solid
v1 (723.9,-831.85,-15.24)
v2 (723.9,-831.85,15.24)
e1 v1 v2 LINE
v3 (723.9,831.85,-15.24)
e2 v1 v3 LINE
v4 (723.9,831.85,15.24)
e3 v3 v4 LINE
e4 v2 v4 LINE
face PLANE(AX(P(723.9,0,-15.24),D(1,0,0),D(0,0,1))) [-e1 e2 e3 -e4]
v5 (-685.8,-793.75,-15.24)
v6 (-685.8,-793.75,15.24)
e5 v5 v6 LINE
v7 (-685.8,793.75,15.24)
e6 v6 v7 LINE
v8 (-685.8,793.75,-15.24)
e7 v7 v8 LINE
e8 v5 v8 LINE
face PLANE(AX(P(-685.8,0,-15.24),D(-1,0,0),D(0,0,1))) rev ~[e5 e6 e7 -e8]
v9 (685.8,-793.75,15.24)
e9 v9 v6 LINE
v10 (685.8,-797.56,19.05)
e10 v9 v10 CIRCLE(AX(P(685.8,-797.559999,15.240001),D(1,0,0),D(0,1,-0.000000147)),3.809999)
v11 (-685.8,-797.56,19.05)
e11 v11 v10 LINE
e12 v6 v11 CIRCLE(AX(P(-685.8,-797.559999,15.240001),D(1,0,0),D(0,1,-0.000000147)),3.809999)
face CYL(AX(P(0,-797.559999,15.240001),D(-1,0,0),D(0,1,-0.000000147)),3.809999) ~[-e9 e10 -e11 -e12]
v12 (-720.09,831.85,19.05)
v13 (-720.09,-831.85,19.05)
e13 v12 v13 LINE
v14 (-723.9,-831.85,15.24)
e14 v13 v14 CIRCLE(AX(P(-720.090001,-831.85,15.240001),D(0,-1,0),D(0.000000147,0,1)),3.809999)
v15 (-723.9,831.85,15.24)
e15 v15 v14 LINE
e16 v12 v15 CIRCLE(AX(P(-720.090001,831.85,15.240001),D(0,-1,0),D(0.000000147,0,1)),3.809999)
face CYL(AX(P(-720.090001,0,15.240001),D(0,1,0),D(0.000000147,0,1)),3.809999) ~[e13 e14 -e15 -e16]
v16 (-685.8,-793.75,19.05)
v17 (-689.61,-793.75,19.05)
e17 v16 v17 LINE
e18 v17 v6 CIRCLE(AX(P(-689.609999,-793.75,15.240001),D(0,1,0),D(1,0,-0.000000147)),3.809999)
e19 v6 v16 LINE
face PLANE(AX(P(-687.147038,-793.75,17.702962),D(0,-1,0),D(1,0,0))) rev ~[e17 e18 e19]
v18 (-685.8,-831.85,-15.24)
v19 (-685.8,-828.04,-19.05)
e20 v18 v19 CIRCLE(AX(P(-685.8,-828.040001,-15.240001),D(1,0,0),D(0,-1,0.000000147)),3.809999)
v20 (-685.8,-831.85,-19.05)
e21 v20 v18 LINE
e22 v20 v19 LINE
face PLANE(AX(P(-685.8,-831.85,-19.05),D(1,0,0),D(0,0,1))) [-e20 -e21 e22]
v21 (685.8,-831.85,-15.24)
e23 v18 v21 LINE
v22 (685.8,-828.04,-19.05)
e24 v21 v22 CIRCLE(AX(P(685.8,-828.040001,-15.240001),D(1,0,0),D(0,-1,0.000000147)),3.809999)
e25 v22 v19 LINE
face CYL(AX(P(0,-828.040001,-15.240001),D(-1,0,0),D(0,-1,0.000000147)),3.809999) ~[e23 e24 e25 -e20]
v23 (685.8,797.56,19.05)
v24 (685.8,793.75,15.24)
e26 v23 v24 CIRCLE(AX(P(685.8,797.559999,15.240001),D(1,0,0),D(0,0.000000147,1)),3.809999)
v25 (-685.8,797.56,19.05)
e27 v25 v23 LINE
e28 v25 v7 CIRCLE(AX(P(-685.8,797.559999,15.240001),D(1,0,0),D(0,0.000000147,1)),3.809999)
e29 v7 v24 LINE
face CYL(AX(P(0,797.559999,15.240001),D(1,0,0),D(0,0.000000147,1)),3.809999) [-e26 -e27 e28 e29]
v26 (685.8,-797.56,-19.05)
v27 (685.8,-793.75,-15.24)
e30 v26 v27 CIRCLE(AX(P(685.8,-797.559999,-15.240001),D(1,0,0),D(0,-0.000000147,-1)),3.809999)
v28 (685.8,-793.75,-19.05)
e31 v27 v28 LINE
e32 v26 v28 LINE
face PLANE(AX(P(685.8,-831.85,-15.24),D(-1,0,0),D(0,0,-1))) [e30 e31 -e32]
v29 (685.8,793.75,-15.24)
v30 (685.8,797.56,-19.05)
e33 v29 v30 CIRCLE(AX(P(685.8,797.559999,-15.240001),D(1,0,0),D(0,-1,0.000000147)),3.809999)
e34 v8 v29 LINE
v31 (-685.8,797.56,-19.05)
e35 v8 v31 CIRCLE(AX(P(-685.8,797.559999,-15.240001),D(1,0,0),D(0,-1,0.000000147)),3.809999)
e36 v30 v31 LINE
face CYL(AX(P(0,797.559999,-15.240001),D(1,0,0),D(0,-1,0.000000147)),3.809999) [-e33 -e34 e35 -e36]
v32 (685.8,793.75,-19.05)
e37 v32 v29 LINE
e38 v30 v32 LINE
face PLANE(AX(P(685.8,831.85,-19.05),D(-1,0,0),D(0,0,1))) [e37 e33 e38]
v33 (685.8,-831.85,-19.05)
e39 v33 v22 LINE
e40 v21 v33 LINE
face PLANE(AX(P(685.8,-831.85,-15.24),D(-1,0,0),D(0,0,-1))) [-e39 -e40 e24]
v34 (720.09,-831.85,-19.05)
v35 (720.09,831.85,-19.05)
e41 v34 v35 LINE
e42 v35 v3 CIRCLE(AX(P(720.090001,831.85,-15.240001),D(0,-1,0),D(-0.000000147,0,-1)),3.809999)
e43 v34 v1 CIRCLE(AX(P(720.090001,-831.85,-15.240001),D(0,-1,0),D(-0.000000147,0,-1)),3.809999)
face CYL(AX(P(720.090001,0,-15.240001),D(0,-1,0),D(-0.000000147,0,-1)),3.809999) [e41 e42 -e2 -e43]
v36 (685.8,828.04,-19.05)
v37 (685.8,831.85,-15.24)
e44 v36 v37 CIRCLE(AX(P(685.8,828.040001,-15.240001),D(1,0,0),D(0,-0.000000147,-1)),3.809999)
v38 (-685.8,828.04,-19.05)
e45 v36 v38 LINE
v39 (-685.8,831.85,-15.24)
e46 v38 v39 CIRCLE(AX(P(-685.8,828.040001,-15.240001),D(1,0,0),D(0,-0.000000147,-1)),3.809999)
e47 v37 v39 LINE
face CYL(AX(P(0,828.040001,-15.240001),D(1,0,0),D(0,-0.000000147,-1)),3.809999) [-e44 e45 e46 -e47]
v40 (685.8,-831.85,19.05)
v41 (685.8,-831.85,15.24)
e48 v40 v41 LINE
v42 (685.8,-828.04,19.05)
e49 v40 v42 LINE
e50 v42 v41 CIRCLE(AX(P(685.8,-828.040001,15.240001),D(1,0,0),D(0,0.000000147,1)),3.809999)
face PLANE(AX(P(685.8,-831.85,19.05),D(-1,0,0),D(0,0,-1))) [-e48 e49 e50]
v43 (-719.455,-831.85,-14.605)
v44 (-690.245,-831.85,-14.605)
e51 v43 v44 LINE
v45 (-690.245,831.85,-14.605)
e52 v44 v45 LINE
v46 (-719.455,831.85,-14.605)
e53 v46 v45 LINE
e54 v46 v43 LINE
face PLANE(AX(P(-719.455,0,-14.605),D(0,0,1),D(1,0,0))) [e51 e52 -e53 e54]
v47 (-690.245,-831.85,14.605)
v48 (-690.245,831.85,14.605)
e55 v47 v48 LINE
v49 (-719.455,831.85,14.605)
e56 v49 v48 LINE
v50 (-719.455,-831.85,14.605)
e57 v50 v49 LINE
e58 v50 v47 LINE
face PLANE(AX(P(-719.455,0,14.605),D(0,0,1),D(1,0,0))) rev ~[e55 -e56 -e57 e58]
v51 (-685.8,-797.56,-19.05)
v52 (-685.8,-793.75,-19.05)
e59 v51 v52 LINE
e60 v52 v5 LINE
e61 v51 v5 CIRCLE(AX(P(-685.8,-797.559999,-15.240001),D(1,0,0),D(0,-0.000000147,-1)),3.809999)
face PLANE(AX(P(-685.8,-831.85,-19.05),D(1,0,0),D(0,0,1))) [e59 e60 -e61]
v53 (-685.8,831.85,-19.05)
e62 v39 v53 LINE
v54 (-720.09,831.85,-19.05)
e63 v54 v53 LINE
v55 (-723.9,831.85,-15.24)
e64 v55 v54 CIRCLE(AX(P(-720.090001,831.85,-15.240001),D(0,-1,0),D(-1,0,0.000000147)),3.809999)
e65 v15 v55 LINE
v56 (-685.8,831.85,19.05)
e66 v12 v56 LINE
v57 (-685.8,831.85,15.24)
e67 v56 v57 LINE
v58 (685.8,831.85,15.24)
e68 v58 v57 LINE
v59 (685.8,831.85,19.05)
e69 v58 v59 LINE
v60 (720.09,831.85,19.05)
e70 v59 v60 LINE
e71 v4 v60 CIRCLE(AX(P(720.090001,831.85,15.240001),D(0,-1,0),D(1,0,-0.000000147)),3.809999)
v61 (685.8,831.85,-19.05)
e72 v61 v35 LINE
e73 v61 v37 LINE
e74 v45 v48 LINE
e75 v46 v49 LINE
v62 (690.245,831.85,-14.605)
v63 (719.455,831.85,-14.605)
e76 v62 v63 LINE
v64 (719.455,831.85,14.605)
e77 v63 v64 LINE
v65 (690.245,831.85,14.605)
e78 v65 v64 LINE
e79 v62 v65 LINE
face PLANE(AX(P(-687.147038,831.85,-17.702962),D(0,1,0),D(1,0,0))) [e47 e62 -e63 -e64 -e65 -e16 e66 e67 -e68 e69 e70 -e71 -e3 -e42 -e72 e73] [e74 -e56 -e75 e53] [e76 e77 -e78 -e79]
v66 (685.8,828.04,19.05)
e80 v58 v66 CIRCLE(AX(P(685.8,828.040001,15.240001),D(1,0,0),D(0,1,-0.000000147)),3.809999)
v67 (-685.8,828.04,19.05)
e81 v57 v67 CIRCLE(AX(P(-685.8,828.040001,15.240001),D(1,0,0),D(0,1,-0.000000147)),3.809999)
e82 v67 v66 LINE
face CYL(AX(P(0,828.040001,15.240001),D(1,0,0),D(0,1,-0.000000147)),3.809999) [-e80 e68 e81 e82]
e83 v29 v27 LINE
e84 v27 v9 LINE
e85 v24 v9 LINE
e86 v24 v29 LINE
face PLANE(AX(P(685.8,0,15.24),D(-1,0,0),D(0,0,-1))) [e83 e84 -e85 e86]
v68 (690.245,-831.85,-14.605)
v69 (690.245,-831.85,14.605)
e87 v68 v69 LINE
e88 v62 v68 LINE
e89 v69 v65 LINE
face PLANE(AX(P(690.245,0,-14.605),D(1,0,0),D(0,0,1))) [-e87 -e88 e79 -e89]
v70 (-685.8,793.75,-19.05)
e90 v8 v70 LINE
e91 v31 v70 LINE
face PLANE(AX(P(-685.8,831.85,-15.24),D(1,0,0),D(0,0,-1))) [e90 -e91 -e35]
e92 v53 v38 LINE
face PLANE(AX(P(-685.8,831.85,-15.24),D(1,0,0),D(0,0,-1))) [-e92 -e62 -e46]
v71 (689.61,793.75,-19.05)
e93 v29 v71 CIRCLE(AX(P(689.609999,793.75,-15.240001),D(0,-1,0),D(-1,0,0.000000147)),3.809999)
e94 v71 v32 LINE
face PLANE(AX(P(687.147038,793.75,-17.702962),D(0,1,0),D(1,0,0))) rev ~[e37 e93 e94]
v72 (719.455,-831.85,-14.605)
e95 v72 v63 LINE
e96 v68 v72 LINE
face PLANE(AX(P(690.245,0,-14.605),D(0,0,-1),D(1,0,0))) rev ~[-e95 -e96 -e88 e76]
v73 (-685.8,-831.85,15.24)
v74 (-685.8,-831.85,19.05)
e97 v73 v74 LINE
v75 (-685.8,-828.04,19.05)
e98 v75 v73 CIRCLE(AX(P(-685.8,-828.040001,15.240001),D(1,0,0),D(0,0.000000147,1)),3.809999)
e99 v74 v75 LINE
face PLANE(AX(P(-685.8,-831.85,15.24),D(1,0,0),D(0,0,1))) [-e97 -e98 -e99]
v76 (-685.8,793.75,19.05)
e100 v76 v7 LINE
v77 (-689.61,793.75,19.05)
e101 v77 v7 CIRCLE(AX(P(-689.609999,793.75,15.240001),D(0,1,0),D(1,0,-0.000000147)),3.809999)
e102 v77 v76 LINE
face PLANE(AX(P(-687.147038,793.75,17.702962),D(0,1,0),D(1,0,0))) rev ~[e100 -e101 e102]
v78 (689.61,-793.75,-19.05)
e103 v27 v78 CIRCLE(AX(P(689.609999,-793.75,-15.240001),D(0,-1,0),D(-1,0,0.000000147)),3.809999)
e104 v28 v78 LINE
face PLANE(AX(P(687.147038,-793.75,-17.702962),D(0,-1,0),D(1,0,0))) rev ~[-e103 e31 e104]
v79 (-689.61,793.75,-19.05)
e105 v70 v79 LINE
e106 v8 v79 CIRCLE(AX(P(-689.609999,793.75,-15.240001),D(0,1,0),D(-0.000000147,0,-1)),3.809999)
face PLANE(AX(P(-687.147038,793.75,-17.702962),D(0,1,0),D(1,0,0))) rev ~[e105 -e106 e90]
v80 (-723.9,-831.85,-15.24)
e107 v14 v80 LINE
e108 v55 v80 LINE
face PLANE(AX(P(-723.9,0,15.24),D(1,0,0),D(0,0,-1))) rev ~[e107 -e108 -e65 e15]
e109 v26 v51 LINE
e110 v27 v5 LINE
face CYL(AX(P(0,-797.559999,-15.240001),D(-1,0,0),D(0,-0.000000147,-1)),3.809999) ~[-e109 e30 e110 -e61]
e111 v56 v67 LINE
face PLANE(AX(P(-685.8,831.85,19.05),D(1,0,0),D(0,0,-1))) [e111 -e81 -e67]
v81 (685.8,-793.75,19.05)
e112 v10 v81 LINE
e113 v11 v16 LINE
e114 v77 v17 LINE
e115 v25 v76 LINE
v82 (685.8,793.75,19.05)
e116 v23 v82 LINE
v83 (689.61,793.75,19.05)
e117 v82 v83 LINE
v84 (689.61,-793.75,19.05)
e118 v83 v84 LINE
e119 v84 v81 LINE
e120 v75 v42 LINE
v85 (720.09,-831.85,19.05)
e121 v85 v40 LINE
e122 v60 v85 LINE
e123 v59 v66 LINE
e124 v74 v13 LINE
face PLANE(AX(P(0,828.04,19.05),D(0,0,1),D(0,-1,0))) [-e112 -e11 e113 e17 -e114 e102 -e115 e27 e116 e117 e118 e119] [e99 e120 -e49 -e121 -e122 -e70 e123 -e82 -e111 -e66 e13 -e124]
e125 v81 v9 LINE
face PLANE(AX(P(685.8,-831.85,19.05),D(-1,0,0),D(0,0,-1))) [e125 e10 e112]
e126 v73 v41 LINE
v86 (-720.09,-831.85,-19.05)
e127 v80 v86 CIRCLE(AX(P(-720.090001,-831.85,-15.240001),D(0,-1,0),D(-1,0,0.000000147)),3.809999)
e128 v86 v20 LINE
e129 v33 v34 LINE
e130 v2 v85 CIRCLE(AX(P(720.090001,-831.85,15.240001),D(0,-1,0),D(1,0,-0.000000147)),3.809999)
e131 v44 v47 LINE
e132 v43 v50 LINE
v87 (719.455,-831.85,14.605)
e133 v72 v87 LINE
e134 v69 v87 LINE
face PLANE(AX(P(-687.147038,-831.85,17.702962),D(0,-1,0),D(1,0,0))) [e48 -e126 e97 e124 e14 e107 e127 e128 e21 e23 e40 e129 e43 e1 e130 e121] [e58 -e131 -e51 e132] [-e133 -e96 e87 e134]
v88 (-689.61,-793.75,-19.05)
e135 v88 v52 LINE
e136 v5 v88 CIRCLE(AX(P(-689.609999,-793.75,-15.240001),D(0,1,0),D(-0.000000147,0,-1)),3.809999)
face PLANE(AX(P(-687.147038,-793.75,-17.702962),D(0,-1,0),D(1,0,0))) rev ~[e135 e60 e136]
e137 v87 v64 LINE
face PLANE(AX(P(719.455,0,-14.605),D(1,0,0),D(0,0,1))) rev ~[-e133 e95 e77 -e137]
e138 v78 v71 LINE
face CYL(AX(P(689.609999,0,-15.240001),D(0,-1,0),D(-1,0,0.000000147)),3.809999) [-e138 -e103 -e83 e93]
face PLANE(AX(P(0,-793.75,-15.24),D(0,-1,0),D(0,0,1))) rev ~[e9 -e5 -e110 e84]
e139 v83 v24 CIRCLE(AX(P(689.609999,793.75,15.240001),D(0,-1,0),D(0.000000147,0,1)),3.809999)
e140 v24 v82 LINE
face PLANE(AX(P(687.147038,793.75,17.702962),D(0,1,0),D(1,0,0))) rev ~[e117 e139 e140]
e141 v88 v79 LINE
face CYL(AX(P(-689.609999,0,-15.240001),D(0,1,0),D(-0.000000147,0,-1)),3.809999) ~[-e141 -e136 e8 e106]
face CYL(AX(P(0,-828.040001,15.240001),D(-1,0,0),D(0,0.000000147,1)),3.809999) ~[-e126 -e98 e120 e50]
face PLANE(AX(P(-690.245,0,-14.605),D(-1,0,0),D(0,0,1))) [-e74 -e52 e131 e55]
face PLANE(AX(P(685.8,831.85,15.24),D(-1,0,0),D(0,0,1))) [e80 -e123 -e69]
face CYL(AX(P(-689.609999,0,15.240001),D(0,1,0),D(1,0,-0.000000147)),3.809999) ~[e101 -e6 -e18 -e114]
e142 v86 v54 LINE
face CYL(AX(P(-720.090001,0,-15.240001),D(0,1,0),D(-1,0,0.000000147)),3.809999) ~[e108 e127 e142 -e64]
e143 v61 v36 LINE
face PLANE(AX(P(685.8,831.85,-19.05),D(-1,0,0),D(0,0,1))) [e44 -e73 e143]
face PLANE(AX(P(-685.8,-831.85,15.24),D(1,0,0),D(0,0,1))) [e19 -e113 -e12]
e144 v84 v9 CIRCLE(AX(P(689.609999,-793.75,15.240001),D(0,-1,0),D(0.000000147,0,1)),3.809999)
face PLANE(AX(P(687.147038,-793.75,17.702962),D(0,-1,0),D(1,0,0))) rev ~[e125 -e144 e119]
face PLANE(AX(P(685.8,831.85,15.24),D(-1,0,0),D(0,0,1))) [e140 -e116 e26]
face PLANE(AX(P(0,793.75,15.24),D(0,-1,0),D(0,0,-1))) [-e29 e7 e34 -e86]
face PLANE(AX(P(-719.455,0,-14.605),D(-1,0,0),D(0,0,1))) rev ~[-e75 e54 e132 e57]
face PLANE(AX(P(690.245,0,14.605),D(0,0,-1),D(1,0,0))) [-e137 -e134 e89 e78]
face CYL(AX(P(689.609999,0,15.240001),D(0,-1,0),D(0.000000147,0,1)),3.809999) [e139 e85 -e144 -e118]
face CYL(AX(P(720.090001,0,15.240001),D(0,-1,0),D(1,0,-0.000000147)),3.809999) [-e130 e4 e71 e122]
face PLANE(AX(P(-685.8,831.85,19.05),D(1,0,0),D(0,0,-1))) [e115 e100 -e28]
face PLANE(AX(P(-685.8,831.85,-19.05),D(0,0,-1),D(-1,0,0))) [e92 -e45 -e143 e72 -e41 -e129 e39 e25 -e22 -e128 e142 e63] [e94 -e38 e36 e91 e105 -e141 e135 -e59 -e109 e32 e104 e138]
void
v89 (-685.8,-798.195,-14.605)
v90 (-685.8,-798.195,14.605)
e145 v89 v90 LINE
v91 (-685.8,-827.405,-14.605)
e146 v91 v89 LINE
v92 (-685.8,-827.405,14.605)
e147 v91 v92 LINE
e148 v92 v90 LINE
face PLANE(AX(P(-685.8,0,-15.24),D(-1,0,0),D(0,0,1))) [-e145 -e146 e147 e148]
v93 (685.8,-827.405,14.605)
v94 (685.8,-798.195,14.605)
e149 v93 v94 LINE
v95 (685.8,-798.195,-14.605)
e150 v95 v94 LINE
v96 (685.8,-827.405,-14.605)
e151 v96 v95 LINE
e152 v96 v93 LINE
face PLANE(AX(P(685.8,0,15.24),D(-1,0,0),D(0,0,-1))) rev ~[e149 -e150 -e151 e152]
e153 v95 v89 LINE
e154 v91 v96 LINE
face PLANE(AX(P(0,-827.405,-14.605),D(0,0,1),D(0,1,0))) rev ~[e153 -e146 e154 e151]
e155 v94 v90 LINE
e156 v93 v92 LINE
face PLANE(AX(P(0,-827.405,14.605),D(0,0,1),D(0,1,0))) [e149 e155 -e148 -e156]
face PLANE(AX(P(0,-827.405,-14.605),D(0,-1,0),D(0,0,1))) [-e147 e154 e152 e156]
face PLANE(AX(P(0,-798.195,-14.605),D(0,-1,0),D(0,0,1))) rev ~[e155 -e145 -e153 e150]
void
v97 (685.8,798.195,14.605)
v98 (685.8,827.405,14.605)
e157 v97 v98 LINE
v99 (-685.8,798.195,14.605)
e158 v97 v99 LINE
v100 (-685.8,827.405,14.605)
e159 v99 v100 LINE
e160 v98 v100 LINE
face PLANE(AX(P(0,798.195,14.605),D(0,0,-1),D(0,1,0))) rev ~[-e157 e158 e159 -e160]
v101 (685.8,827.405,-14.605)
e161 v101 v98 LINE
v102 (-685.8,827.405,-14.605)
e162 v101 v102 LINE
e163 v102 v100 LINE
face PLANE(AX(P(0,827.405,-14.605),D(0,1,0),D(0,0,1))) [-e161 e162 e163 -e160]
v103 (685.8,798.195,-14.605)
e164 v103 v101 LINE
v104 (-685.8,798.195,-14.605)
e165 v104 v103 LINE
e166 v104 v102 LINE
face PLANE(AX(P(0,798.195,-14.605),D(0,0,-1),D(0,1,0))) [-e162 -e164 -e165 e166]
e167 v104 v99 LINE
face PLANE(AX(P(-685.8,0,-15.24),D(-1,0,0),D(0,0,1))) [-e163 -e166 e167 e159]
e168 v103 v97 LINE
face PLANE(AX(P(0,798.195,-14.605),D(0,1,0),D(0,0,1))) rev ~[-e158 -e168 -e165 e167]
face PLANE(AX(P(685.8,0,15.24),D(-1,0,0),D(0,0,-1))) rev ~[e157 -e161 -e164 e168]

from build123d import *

# Parameters (mm, degrees)
F1_W      = 29.21
F1_H      = 29.21
F2_DEPTH  = 831.85
F3_W      = 29.21
F3_H      = 29.21
F4_DEPTH  = 685.8
F7_DEPTH  = 38.1
F10_DEPTH = 38.1


with BuildPart() as f2:
    # F1 (on Front) → F2 (new body, symmetric)
    with BuildSketch(Plane.XZ):
        with BuildLine():
            ThreePointArc((-685.8, 15.24), (-686.915923, 17.934077), (-689.61, 19.05))
            Line((-689.61, 19.05), (-720.09, 19.05))
            ThreePointArc((-720.09, 19.05), (-722.784077, 17.934077), (-723.9, 15.24))
            Line((-723.9, 15.24), (-723.9, -15.24))
            ThreePointArc((-723.9, -15.24), (-722.784077, -17.934077), (-720.09, -19.05))
            Line((-720.09, -19.05), (-689.61, -19.05))
            ThreePointArc((-689.61, -19.05), (-686.915923, -17.934077), (-685.8, -15.24))
            Line((-685.8, -15.24), (-685.8, 15.24))
        make_face()
        with Locations((-704.85, 0)):
            Rectangle(F1_W, F1_H, mode=Mode.SUBTRACT)
        with BuildLine():
            ThreePointArc((723.9, 15.24), (722.784077, 17.934077), (720.09, 19.05))
            Line((720.09, 19.05), (689.61, 19.05))
            ThreePointArc((689.61, 19.05), (686.915923, 17.934077), (685.8, 15.24))
            Line((685.8, 15.24), (685.8, -15.24))
            ThreePointArc((685.8, -15.24), (686.915923, -17.934077), (689.61, -19.05))
            Line((689.61, -19.05), (720.09, -19.05))
            ThreePointArc((720.09, -19.05), (722.784077, -17.934077), (723.9, -15.24))
            Line((723.9, -15.24), (723.9, 15.24))
        make_face()
        with Locations((704.85, 0)):
            Rectangle(F1_W, F1_H, mode=Mode.SUBTRACT)
    extrude(amount=F2_DEPTH, both=True)

    # F3 (on Right) → F4 (join, symmetric)
    with BuildSketch(Plane.YZ):
        with BuildLine():
            ThreePointArc((-793.75, 15.24), (-794.865923, 17.934077), (-797.56, 19.05))
            Line((-797.56, 19.05), (-828.04, 19.05))
            ThreePointArc((-828.04, 19.05), (-830.734077, 17.934077), (-831.85, 15.24))
            Line((-831.85, 15.24), (-831.85, -15.24))
            ThreePointArc((-831.85, -15.24), (-830.734077, -17.934077), (-828.04, -19.05))
            Line((-828.04, -19.05), (-797.56, -19.05))
            ThreePointArc((-797.56, -19.05), (-794.865923, -17.934077), (-793.75, -15.24))
            Line((-793.75, -15.24), (-793.75, 15.24))
        make_face()
        with Locations((-812.8, 0)):
            Rectangle(F3_W, F3_H, mode=Mode.SUBTRACT)
        with BuildLine():
            ThreePointArc((831.85, 15.24), (830.734077, 17.934077), (828.04, 19.05))
            Line((828.04, 19.05), (797.56, 19.05))
            ThreePointArc((797.56, 19.05), (794.865923, 17.934077), (793.75, 15.24))
            Line((793.75, 15.24), (793.75, -15.24))
            ThreePointArc((793.75, -15.24), (794.865923, -17.934077), (797.56, -19.05))
            Line((797.56, -19.05), (828.04, -19.05))
            ThreePointArc((828.04, -19.05), (830.734077, -17.934077), (831.85, -15.24))
            Line((831.85, -15.24), (831.85, 15.24))
        make_face()
        with Locations((812.8, 0)):
            Rectangle(F3_W, F3_H, mode=Mode.SUBTRACT)
    extrude(amount=F4_DEPTH, both=True)

    # F6 (on offset) → F7 (join)
    with BuildSketch(Plane.XZ.offset(831.85)):
        Polygon((-685.8, 15.24), (-685.8, 19.05), (-689.61, 19.05), align=None)
        Polygon((685.8, 15.24), (689.61, 19.05), (685.8, 19.05), align=None)
        Polygon((-689.61, -19.05), (-685.8, -19.05), (-685.8, -15.24), align=None)
        Polygon((685.8, -15.24), (685.8, -19.05), (689.61, -19.05), align=None)
    extrude(amount=-F7_DEPTH)

    # F9 (on offset) → F10 (join)
    with BuildSketch(Plane(origin=(0, 831.85, 0), x_dir=(1, 0, 0), z_dir=(0, 1, 0))):
        Polygon((-685.8, 15.24), (-685.8, 19.05), (-689.61, 19.05), align=None)
        Polygon((689.61, 19.05), (685.8, 19.05), (685.8, 15.24), align=None)
        Polygon((685.8, -15.24), (685.8, -19.05), (689.61, -19.05), align=None)
        Polygon((-689.61, -19.05), (-685.8, -19.05), (-685.8, -15.24), align=None)
    extrude(amount=-F10_DEPTH)


solid = f2.part
